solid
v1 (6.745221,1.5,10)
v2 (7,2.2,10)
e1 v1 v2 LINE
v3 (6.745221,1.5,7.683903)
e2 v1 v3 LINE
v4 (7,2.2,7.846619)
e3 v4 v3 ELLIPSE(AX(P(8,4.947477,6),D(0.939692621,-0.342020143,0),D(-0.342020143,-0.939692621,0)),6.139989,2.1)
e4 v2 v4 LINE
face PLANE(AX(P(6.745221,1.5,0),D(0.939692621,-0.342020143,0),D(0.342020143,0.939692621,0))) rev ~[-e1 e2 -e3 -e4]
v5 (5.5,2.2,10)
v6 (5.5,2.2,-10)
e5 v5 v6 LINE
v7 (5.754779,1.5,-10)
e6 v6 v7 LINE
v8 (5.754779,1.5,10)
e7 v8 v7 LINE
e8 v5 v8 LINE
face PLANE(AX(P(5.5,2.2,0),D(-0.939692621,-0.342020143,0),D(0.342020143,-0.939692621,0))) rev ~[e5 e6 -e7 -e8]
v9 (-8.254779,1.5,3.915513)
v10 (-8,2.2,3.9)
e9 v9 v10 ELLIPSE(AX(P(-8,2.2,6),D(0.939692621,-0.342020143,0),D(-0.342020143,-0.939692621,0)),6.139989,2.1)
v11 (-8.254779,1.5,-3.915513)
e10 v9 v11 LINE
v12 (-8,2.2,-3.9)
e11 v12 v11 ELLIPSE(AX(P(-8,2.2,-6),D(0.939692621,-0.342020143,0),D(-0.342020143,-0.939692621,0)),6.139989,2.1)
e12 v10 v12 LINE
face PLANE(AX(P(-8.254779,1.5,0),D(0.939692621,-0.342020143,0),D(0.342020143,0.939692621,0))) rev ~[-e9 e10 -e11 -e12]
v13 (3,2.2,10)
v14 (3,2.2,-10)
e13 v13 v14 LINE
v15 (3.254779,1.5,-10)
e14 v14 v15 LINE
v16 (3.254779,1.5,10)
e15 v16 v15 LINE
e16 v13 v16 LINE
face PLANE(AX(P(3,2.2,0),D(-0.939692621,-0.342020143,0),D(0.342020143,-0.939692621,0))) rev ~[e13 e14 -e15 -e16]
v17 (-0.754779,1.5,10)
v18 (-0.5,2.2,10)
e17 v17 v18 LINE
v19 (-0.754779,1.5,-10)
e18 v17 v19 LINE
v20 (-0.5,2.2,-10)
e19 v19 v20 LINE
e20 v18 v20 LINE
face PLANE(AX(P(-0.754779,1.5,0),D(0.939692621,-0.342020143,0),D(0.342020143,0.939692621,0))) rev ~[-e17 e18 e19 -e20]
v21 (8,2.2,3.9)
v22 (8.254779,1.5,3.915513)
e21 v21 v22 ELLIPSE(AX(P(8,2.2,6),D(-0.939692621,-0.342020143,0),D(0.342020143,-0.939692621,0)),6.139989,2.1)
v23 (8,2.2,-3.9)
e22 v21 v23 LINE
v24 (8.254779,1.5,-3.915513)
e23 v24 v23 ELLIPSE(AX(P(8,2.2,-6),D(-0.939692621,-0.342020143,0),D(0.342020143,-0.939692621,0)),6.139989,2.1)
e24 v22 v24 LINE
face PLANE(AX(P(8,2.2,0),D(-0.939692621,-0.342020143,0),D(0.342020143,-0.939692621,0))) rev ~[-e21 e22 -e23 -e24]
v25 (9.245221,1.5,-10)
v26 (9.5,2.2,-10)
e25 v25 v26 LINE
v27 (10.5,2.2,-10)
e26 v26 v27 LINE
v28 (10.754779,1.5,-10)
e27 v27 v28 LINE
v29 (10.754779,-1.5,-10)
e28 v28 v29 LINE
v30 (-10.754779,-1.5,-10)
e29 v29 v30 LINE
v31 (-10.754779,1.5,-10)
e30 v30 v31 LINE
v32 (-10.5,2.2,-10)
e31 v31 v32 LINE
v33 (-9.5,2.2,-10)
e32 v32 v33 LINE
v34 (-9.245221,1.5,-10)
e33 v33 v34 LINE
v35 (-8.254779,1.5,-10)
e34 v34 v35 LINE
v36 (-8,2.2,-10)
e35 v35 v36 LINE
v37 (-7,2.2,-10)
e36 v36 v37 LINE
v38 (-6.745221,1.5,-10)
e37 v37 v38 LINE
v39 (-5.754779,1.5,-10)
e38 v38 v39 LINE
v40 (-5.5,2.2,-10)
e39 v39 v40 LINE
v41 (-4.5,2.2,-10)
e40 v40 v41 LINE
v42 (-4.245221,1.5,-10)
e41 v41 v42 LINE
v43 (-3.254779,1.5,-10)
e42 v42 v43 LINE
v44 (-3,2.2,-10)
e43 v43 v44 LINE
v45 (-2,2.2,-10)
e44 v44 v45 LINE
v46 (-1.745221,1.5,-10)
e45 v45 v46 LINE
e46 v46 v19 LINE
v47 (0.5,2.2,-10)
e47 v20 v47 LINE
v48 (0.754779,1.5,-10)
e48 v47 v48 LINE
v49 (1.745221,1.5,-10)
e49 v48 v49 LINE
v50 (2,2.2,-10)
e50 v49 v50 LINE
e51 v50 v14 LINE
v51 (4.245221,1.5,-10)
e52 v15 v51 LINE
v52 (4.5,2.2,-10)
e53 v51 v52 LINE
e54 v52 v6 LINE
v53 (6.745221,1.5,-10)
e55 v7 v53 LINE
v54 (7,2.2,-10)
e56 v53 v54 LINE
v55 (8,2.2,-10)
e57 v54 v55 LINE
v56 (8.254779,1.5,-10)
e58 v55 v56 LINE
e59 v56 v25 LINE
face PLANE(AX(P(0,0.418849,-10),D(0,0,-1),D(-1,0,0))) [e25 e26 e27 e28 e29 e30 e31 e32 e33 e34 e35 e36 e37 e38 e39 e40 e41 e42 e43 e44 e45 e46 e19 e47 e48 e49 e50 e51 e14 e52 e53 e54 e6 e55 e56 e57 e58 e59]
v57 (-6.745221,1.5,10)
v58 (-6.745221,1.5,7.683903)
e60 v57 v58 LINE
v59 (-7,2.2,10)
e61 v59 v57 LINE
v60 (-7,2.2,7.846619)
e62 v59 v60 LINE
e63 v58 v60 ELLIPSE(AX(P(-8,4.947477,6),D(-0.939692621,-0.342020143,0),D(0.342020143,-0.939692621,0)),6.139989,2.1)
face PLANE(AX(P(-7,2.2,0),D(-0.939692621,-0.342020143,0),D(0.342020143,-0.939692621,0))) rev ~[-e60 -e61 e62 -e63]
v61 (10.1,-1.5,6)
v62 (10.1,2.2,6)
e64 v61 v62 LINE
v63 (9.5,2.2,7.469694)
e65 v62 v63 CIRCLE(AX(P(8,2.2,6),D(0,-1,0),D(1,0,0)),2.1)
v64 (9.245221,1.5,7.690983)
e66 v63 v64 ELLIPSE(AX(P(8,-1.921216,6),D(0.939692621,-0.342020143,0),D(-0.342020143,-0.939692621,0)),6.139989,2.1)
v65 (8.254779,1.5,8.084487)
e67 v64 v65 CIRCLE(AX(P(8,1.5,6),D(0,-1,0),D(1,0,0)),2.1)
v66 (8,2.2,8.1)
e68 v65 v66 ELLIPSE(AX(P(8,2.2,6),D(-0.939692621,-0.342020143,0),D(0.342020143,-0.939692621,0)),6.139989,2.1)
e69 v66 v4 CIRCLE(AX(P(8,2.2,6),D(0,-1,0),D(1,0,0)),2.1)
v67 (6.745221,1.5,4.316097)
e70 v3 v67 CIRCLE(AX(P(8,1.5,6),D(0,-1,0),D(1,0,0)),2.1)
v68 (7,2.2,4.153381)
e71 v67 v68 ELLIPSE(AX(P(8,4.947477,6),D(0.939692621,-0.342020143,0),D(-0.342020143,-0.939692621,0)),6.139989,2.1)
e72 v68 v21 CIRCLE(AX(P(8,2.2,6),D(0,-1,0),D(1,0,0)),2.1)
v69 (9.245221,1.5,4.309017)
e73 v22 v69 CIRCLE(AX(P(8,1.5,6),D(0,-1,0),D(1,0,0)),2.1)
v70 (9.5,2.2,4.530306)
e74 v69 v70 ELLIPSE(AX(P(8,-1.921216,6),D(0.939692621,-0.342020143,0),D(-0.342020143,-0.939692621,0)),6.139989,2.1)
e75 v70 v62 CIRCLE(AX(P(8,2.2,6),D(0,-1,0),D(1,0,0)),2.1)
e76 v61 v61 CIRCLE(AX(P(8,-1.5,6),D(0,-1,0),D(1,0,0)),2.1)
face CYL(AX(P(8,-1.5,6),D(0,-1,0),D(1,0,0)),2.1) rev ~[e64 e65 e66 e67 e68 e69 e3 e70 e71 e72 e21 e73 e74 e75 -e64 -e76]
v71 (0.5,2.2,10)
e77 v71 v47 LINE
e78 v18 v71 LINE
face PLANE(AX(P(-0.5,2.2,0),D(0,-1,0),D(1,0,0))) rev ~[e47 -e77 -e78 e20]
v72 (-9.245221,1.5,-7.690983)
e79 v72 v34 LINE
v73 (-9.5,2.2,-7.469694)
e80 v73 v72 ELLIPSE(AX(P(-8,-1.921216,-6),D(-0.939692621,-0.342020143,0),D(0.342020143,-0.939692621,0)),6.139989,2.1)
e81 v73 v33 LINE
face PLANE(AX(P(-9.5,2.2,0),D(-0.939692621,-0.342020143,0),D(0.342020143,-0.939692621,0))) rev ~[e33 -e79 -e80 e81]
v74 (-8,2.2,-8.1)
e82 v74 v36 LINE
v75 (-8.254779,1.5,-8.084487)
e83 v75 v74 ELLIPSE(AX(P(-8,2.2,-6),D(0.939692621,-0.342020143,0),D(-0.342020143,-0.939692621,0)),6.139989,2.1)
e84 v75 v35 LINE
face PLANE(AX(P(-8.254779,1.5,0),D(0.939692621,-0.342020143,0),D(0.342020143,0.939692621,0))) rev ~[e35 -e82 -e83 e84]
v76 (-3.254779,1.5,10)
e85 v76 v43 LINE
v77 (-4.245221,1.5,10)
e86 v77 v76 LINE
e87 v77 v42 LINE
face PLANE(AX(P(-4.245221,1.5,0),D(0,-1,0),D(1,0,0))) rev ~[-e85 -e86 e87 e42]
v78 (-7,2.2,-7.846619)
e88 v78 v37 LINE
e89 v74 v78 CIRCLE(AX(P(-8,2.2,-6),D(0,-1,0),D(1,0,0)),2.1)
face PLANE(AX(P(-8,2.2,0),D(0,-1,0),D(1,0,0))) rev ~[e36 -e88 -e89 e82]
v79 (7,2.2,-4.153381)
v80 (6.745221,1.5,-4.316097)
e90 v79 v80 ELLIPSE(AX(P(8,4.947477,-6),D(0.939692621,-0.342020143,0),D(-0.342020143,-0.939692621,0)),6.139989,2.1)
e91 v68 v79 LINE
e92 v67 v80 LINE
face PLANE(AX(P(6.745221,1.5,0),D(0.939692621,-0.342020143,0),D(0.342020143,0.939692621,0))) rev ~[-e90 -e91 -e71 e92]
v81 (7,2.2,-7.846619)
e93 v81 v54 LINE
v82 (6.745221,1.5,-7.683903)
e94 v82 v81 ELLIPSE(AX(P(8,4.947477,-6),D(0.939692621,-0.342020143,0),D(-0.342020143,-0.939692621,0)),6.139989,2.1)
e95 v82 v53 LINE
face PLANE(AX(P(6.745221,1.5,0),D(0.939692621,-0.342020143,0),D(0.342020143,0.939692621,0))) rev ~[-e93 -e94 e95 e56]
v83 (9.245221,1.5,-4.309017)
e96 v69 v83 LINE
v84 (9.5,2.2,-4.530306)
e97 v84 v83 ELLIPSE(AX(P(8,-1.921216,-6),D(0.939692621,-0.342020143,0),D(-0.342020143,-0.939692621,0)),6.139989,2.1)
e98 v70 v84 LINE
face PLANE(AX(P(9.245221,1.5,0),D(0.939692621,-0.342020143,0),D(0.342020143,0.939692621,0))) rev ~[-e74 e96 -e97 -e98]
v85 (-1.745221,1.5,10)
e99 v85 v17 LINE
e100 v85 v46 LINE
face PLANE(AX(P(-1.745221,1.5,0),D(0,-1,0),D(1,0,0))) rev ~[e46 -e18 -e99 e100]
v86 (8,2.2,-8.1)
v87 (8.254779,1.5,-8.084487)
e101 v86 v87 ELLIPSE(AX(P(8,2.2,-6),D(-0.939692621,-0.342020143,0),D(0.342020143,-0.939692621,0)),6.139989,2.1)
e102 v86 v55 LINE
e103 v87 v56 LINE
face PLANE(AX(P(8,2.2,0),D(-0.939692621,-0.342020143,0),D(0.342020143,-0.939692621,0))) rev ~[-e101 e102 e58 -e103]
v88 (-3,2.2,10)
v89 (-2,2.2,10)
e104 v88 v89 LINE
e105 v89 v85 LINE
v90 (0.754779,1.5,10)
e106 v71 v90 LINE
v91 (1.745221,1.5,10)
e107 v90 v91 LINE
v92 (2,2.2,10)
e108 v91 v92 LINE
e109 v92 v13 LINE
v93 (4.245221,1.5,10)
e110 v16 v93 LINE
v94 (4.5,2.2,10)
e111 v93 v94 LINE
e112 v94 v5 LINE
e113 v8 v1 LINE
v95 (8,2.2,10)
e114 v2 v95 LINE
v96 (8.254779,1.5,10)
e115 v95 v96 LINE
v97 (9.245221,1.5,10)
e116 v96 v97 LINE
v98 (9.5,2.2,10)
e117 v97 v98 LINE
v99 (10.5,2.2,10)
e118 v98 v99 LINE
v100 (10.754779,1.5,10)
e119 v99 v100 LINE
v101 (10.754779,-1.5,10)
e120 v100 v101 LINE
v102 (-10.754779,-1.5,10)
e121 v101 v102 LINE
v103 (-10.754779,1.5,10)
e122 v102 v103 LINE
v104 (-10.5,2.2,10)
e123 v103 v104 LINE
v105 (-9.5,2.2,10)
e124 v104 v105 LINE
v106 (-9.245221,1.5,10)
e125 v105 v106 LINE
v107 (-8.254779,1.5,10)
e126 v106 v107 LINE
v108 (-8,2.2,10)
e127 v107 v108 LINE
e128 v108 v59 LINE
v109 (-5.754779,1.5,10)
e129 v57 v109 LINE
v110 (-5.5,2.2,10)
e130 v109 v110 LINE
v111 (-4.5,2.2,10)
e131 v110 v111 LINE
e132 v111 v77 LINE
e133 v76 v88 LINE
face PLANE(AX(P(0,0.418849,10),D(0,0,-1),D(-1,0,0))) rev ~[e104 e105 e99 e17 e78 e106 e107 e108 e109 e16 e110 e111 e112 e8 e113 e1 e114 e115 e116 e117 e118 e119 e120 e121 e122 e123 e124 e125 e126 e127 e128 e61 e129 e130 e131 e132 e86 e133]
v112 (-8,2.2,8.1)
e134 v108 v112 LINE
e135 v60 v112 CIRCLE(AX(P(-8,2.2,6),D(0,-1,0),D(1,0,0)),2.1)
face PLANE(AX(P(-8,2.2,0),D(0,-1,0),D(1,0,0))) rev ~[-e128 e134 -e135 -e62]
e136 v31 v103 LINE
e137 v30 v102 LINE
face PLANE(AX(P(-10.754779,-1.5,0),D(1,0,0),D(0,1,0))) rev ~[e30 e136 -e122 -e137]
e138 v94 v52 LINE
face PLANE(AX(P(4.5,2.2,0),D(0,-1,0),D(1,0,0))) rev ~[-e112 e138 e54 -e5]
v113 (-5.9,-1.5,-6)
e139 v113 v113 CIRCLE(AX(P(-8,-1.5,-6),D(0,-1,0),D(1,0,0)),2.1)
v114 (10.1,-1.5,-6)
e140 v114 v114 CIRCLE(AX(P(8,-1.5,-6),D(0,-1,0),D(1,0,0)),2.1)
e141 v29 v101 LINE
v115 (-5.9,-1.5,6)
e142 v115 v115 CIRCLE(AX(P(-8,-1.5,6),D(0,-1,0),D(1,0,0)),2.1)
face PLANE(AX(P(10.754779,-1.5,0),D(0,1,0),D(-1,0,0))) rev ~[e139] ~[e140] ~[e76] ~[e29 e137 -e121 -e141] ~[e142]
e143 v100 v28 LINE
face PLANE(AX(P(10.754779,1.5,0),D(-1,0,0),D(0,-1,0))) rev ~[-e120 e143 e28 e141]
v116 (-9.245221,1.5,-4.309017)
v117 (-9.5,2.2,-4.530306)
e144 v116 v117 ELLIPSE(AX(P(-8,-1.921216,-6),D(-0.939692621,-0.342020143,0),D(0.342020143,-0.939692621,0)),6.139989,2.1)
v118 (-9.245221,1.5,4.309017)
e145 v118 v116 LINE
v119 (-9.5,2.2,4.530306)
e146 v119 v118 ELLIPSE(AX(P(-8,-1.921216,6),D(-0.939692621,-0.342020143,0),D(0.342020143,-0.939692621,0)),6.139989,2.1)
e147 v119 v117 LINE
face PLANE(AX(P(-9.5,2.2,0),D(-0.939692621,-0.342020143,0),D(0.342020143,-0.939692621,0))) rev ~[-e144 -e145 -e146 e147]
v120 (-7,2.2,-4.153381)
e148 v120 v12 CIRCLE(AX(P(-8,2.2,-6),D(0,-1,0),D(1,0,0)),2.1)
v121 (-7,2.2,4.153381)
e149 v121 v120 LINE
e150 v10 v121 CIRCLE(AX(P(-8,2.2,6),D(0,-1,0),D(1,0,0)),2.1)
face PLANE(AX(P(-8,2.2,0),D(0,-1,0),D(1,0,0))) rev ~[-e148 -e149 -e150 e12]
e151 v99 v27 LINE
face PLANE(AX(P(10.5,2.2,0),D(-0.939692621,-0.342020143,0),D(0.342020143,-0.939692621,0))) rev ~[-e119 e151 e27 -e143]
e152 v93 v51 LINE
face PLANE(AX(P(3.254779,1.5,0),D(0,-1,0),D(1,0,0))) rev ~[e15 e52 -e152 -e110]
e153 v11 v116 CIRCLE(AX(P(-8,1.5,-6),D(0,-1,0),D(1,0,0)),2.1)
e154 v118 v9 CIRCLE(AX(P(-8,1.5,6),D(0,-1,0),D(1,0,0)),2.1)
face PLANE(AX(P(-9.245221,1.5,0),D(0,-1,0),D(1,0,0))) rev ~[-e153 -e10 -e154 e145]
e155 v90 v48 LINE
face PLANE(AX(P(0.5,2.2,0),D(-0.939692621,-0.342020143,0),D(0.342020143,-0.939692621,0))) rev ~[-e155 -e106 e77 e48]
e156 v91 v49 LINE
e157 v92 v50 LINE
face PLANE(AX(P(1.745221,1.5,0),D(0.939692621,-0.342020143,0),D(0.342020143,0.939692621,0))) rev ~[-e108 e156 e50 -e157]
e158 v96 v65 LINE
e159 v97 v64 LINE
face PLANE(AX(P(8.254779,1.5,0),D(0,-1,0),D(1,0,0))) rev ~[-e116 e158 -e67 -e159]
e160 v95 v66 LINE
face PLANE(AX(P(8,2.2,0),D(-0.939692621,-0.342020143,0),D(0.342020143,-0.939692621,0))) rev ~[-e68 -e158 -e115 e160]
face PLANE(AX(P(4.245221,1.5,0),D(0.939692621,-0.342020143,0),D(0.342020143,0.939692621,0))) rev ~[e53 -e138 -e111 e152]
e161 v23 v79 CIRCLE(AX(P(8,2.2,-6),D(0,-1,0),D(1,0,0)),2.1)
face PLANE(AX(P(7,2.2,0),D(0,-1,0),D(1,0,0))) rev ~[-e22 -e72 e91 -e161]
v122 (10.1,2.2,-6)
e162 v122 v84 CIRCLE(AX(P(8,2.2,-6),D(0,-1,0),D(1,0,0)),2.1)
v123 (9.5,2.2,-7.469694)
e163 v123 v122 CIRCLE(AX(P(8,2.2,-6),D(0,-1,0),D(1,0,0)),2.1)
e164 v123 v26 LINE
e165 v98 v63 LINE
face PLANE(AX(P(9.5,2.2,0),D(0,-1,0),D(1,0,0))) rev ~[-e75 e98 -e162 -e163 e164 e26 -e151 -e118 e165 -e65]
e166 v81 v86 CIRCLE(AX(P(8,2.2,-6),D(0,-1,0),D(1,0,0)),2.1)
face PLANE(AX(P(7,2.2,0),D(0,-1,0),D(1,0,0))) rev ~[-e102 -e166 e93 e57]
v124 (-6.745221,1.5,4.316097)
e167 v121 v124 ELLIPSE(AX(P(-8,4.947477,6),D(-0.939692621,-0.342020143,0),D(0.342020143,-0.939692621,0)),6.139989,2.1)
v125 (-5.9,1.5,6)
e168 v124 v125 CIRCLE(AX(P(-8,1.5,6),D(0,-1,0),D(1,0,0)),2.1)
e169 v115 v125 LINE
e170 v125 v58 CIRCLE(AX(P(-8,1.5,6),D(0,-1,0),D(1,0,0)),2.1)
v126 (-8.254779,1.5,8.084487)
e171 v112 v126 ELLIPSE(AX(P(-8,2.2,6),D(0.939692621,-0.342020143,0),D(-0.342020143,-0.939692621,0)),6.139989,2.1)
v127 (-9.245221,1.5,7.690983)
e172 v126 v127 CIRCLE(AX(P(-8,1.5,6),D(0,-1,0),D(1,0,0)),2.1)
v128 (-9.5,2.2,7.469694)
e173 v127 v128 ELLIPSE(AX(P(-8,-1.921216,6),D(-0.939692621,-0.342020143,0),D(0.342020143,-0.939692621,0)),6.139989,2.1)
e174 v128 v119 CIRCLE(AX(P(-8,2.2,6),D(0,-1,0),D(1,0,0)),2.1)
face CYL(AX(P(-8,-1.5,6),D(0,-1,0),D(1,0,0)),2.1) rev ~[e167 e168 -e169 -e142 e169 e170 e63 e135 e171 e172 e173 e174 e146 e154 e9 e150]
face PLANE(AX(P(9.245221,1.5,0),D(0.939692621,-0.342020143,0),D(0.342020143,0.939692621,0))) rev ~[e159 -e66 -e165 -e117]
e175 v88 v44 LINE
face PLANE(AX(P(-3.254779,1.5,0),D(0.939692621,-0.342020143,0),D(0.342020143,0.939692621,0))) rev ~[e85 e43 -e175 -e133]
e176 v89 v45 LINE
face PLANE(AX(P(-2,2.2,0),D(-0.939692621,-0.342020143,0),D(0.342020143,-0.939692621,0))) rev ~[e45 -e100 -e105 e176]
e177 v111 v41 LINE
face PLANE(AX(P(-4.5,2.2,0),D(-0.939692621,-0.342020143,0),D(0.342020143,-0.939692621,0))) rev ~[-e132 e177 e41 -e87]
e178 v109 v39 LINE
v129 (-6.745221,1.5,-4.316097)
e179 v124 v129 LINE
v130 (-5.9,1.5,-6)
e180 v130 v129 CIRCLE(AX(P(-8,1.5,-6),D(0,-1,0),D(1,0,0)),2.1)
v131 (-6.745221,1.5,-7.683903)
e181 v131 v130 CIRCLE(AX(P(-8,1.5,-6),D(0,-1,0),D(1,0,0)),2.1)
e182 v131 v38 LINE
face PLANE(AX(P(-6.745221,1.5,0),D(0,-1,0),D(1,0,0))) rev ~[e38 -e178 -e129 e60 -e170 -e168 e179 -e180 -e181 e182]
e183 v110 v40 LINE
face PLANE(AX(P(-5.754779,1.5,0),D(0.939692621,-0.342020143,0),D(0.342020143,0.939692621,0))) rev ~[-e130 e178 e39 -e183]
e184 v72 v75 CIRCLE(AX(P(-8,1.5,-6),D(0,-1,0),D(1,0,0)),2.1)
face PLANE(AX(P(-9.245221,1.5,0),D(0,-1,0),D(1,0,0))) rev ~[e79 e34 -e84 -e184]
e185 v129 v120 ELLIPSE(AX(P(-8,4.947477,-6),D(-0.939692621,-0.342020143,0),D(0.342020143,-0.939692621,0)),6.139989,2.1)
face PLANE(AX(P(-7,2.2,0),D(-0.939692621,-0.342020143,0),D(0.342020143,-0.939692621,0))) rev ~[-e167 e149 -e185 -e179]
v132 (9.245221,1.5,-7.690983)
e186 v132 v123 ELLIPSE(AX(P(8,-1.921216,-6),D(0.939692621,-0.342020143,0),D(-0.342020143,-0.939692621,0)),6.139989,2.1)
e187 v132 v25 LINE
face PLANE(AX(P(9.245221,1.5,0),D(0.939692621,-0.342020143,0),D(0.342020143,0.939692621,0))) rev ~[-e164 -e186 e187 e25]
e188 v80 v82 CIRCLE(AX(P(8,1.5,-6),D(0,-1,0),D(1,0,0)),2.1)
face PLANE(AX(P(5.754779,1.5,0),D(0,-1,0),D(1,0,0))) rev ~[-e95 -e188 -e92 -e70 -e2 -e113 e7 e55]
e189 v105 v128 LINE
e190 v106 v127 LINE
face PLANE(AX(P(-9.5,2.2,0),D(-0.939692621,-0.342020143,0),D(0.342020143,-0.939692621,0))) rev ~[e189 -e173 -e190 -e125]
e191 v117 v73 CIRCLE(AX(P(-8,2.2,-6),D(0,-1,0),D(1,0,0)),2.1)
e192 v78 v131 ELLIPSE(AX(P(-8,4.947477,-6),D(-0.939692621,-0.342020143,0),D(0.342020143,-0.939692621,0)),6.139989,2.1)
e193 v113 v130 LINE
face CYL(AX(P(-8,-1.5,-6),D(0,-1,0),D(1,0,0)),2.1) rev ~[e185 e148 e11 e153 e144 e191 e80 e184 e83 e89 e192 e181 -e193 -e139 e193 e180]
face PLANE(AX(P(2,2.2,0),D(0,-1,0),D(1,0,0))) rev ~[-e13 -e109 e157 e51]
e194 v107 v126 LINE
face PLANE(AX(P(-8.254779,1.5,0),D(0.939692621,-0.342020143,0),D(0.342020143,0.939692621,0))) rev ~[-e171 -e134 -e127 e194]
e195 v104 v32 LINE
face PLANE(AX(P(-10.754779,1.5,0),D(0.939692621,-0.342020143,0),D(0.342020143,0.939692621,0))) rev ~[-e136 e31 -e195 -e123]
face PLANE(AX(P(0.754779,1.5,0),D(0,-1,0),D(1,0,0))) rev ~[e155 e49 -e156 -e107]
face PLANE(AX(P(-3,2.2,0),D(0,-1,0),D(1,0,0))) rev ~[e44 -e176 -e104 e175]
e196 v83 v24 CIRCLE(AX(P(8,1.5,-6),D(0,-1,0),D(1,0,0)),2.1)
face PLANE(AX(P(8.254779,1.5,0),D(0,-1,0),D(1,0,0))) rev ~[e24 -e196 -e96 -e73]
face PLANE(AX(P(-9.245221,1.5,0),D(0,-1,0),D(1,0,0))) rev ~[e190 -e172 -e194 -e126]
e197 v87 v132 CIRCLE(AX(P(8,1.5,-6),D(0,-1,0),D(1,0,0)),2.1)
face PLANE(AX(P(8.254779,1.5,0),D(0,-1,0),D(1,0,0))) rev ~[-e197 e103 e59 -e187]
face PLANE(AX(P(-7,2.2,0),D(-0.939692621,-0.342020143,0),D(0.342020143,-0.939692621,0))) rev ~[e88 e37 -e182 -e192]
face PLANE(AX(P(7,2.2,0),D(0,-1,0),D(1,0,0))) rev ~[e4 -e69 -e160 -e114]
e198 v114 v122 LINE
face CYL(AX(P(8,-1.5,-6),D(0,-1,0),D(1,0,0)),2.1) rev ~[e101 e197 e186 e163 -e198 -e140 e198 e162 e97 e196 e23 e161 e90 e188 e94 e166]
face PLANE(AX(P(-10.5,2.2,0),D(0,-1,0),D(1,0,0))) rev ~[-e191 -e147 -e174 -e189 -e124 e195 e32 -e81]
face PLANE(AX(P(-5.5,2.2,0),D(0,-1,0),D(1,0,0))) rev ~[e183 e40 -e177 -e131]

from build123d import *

# Parameters (mm, degrees)
BOSS_EXTRUDE1_DEPTH = 10
SKETCH2_R           = 2.1
CUT_EXTRUDE1_DEPTH  = 4.7


with BuildPart() as part:
    # Sketch1 → Boss-Extrude1 (new body, symmetric)
    with BuildSketch(Plane.XY):
        Polygon((-10.754779164, 1.5), (-10.5, 2.2), (-9.5, 2.2), (-9.245220836, 1.5), (-8.254779164, 1.5), (-8, 2.2), (-7, 2.2), (-6.745220836, 1.5), (-5.754779164, 1.5), (-5.5, 2.2), (-4.5, 2.2), (-4.245220836, 1.5), (-3.254779164, 1.5), (-3, 2.2), (-2, 2.2), (-1.745220836, 1.5), (-0.754779164, 1.5), (-0.5, 2.2), (0.5, 2.2), (0.754779164, 1.5), (1.745220836, 1.5), (2, 2.2), (3, 2.2), (3.254779164, 1.5), (4.245220836, 1.5), (4.5, 2.2), (5.5, 2.2), (5.754779164, 1.5), (6.745220836, 1.5), (7, 2.2), (8, 2.2), (8.254779164, 1.5), (9.245220836, 1.5), (9.5, 2.2), (10.5, 2.2), (10.754779164, 1.5), (10.754779164, -1.5), (-10.754779164, -1.5), align=None)
    extrude(amount=BOSS_EXTRUDE1_DEPTH, both=True)

    # Sketch2 → Cut-Extrude1 (cut, through all)
    with BuildSketch(Plane.XZ.offset(1.5)):
        with Locations((-8, -6)):
            Circle(SKETCH2_R)
        with Locations((8, -6)):
            Circle(SKETCH2_R)
        with Locations((8, 6)):
            Circle(SKETCH2_R)
        with Locations((-8, 6)):
            Circle(SKETCH2_R)
    extrude(amount=-CUT_EXTRUDE1_DEPTH, mode=Mode.SUBTRACT)


solid = part.part
